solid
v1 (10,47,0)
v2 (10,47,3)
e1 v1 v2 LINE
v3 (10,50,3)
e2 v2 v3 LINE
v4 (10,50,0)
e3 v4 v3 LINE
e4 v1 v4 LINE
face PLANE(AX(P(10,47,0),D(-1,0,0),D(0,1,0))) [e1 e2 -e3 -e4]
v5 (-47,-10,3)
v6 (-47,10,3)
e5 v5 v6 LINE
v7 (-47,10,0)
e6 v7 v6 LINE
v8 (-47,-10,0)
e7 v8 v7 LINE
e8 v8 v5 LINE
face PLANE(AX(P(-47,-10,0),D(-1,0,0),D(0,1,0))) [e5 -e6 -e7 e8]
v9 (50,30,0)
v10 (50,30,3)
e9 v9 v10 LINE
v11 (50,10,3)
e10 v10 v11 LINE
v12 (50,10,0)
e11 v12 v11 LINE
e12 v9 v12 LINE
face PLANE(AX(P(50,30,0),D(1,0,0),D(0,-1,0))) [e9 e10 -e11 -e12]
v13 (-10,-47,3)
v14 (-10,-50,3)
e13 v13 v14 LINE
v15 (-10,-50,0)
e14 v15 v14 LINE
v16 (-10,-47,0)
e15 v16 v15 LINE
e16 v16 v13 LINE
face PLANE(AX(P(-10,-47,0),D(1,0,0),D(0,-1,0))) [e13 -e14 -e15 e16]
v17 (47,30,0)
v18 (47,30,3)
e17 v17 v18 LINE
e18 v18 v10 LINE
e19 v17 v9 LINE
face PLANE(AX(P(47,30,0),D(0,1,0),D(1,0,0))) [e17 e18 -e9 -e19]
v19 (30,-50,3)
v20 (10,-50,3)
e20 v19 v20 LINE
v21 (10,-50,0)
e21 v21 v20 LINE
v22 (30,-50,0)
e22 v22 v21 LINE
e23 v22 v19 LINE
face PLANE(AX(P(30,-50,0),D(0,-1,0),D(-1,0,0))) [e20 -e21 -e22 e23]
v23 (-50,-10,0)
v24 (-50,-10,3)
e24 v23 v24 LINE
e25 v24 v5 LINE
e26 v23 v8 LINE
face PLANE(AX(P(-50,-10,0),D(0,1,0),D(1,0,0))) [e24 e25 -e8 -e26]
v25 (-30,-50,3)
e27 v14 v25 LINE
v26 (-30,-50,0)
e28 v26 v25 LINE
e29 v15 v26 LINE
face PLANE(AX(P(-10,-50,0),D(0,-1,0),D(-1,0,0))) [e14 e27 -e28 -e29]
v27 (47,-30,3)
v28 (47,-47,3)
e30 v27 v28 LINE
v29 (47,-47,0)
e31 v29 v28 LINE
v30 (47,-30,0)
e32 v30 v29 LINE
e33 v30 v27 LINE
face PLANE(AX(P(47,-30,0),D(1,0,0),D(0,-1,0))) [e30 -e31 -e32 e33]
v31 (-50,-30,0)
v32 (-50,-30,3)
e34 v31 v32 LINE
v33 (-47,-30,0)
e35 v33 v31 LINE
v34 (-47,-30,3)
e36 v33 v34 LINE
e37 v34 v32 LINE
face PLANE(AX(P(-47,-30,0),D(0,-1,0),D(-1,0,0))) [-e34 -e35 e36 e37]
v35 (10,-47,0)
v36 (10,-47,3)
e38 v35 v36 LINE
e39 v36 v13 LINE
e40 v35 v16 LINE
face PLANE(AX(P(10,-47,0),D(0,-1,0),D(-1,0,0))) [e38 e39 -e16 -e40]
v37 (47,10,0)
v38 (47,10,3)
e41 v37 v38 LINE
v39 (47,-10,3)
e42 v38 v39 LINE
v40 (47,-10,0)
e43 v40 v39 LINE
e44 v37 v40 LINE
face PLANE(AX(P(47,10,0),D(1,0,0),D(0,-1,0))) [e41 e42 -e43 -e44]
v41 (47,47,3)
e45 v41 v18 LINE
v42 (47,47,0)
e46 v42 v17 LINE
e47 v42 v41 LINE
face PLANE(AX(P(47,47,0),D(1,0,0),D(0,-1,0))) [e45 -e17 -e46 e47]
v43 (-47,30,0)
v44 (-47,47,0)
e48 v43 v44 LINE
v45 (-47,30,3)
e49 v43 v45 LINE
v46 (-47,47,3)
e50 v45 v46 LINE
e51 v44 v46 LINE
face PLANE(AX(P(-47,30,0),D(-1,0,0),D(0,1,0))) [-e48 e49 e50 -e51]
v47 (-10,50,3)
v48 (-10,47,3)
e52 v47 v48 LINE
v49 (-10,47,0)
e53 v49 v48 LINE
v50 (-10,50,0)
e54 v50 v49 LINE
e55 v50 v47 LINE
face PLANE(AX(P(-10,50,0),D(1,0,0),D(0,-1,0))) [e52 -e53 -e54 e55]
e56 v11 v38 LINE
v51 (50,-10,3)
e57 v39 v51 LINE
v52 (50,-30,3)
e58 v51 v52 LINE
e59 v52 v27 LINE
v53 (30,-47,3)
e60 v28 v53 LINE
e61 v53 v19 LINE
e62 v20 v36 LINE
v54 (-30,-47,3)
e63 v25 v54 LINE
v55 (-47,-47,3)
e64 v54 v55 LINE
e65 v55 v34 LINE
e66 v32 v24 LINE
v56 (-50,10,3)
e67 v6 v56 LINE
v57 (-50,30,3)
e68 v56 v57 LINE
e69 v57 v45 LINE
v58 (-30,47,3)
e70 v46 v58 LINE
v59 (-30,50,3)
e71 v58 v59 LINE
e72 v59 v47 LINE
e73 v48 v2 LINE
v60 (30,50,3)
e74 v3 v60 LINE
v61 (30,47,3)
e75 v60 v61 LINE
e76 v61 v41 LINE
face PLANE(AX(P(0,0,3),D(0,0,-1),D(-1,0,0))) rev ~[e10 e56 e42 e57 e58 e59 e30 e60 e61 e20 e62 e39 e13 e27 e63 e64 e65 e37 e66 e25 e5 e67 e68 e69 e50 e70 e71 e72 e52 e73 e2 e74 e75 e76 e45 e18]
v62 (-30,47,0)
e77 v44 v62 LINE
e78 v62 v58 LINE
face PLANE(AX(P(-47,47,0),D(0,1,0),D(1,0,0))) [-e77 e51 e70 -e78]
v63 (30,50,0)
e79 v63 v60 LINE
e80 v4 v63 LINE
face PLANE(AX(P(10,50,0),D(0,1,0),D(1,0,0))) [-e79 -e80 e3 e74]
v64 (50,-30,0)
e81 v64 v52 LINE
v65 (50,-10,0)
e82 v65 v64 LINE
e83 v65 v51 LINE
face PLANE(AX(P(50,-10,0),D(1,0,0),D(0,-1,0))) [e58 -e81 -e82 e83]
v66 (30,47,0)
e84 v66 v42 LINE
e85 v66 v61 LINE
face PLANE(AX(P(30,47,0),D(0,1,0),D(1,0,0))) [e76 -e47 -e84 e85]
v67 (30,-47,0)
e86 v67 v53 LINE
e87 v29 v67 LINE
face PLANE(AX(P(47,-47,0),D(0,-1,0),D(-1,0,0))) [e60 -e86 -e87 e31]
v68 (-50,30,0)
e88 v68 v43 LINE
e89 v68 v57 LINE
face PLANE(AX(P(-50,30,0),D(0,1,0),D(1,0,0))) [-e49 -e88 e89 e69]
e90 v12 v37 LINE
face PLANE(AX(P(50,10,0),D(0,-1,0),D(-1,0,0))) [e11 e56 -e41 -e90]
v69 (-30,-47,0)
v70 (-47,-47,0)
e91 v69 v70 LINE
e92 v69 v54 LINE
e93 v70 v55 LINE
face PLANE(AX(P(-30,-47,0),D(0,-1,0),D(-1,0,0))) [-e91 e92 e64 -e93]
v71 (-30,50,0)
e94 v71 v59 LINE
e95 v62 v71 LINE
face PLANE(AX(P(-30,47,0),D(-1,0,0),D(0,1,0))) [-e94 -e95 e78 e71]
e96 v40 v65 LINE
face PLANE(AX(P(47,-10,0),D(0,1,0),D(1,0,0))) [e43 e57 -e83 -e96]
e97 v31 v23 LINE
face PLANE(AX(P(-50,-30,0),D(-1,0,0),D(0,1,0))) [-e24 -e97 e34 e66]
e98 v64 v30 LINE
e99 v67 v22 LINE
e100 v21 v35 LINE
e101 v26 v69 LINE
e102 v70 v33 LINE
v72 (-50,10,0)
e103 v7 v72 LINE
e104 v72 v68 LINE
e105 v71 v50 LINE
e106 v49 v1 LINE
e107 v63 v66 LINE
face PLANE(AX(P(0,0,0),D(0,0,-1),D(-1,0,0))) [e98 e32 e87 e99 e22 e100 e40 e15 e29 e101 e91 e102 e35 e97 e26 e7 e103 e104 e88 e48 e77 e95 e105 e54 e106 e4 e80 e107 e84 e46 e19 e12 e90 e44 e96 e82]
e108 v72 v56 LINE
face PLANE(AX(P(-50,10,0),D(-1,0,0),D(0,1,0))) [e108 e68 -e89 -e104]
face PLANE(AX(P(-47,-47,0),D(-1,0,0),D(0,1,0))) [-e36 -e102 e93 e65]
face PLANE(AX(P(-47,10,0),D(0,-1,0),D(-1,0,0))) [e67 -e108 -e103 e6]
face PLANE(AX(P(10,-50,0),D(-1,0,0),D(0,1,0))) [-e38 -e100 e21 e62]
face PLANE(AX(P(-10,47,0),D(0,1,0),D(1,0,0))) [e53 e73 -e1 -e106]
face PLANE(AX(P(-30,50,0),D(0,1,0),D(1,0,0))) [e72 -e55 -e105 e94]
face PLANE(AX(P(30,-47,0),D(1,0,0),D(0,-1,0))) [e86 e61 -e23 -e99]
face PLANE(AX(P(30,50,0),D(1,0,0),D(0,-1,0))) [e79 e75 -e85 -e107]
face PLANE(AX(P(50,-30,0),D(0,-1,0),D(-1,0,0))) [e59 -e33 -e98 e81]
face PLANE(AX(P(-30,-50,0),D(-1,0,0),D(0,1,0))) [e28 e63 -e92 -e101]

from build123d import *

# Parameters (mm, degrees)
EXTRUDE_1_DEPTH = 3


with BuildPart() as part:
    # 草图1 → 凸台-拉伸1 (new body)
    with BuildSketch(Plane.XY):
        Polygon((-10, 47), (10, 47), (10, 50), (30, 50), (30, 47), (47, 47), (47, 30), (50, 30), (50, 10), (47, 10), (47, -10), (50, -10), (50, -30), (47, -30), (47, -47), (30, -47), (30, -50), (10, -50), (10, -47), (-10, -47), (-10, -50), (-30, -50), (-30, -47), (-47, -47), (-47, -30), (-50, -30), (-50, -10), (-47, -10), (-47, 10), (-50, 10), (-50, 30), (-47, 30), (-47, 47), (-30, 47), (-30, 50), (-10, 50), align=None)
    extrude(amount=EXTRUDE_1_DEPTH)


solid = part.part
